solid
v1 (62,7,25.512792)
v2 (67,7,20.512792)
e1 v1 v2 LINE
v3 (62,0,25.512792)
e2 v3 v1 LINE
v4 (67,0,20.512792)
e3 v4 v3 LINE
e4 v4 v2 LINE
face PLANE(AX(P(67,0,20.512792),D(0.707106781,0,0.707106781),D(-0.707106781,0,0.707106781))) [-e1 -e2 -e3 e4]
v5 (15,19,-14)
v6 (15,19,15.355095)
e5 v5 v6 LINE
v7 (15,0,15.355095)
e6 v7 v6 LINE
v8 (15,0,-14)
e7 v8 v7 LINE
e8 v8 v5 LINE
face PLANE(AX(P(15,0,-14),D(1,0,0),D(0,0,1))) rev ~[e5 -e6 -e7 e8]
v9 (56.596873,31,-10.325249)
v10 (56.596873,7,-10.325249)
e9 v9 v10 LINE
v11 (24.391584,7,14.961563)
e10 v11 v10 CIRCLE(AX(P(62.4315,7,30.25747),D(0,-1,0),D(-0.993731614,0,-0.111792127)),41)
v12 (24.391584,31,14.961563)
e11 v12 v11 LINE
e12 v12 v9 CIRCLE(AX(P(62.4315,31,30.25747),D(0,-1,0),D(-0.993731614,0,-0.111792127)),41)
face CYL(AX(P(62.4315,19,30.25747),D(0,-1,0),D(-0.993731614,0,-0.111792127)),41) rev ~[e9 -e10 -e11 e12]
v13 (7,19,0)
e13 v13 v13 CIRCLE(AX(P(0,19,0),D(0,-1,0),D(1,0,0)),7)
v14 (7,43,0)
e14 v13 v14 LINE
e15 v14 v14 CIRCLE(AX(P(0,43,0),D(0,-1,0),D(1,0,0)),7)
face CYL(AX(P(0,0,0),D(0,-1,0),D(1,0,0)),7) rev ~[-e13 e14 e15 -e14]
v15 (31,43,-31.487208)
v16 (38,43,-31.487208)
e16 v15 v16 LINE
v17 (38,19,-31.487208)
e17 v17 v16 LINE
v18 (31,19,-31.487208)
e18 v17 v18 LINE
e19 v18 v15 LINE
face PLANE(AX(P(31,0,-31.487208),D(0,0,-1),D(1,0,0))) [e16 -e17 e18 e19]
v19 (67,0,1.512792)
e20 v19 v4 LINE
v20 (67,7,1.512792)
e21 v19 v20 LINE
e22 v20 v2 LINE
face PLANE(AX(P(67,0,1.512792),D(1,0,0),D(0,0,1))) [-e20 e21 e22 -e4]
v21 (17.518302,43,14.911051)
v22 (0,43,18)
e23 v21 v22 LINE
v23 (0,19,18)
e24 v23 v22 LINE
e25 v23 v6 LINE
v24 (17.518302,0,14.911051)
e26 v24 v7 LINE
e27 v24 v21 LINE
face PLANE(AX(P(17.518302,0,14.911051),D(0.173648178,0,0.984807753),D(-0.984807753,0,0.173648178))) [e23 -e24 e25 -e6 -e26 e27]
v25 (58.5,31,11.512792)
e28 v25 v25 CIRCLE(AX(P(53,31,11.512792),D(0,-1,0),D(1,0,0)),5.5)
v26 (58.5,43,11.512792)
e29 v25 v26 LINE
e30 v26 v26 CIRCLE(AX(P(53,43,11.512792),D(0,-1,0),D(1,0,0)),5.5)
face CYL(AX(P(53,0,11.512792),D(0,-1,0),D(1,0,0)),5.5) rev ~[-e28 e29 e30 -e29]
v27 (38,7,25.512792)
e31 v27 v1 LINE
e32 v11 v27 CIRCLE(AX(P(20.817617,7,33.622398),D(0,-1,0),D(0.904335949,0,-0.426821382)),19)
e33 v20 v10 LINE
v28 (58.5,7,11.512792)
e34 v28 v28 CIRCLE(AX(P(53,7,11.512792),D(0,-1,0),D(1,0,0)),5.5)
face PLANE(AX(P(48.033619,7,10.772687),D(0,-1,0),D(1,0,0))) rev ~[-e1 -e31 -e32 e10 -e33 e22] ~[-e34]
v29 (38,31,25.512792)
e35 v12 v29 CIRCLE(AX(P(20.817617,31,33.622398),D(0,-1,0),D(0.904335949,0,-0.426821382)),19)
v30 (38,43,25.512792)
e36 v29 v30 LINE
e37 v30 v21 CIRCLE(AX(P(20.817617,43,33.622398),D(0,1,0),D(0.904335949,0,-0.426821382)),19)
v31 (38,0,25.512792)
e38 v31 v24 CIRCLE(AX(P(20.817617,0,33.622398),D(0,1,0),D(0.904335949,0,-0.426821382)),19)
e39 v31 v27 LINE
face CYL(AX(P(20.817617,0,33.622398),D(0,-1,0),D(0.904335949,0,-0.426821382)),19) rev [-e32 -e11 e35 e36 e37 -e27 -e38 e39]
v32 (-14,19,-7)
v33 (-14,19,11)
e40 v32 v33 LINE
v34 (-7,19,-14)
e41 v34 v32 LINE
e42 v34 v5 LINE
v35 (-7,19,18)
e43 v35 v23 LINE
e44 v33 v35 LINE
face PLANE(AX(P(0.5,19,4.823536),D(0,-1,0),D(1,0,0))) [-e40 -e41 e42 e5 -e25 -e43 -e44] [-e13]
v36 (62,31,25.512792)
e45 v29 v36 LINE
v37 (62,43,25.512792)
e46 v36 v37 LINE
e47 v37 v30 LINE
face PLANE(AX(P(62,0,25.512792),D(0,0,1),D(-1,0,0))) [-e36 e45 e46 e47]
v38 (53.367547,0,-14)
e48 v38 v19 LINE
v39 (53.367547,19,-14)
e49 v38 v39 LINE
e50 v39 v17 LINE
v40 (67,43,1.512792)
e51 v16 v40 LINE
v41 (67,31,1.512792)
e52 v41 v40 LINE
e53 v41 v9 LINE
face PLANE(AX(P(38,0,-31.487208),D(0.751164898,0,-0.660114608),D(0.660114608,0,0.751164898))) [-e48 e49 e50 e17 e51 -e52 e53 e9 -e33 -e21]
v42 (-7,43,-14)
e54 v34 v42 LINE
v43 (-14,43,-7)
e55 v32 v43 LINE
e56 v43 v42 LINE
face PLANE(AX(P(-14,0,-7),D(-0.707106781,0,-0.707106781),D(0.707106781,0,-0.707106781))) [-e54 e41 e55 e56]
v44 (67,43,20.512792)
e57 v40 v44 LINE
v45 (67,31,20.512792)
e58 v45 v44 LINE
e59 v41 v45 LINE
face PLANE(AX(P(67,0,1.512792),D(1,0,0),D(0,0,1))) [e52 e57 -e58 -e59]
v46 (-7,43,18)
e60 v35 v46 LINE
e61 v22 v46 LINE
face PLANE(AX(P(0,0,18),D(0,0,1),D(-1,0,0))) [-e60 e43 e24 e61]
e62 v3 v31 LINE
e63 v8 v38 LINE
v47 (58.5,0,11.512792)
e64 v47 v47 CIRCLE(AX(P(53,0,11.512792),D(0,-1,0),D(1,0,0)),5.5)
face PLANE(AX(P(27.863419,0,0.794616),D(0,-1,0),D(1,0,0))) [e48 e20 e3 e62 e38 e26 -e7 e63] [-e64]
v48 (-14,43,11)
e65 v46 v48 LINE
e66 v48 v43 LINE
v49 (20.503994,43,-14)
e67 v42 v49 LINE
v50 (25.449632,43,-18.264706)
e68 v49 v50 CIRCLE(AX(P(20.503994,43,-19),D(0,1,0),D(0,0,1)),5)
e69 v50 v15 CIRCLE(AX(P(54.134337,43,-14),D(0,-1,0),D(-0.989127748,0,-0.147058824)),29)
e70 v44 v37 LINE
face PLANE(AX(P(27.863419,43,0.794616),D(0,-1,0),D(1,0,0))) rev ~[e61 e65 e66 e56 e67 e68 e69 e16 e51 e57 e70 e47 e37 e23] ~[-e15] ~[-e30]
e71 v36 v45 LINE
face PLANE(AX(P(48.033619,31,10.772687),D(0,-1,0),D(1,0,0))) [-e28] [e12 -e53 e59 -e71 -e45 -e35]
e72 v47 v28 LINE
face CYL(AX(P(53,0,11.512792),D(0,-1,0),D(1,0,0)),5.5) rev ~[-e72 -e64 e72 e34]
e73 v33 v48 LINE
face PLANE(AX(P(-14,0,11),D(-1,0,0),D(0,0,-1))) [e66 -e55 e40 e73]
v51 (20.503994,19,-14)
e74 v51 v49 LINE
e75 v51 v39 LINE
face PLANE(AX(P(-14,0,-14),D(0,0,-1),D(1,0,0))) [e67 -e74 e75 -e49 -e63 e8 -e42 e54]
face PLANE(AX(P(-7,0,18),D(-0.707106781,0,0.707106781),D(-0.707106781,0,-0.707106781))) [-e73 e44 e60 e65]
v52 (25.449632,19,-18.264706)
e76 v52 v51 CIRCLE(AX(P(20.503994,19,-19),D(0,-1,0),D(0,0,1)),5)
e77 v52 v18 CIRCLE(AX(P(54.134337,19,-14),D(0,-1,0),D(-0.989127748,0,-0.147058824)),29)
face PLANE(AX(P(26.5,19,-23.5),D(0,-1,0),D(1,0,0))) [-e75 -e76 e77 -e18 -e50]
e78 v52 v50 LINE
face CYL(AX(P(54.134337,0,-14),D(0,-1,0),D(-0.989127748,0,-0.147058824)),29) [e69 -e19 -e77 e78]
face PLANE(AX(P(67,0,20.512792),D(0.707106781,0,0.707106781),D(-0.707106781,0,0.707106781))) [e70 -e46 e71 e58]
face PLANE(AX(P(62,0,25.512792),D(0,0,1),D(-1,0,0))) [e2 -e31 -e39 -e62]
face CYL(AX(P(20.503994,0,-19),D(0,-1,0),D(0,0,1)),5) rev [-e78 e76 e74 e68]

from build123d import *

# Parameters (mm, degrees)
F0_R      = 7
F1_DEPTH  = 43
F2_W      = 81
F2_H      = 19
F3_DEPTH  = 19
F4_W      = 29
F4_H      = 37.6470717937
F5_DEPTH  = 19
F6_R      = 5.5
F7_DEPTH  = 43.001
F10_DEPTH = 12


with BuildPart() as f1:
    # F0 (on Front) → F1 (new body)
    with BuildSketch(Plane.XZ):
        with BuildLine():
            Line((17.5183015976, 14.9110507722), (0, 18))
            Line((0, 18), (-7, 18))
            Line((-7, 18), (-14, 11))
            Line((-14, 11), (-14, -7))
            Line((-14, -7), (-7, -14))
            Line((-7, -14), (20.5039936013, -14))
            ThreePointArc((20.5039936013, -14), (23.7692293823, -15.2134137678), (25.4496323427, -18.2647058824))
            ThreePointArc((25.4496323427, -18.2647058824), (27.3946303601, -25.2244414792), (31, -31.4872081702))
            Line((31, -31.4872081702), (38, -31.4872081702))
            Line((38, -31.4872081702), (67, 1.5127918298))
            Line((67, 1.5127918298), (67, 20.5127918298))
            Line((67, 20.5127918298), (62, 25.5127918298))
            Line((62, 25.5127918298), (38, 25.5127918298))
            ThreePointArc((38, 25.5127918298), (29.5516950708, 16.748872076), (17.5183015976, 14.9110507722))
        make_face()
        Circle(F0_R, mode=Mode.SUBTRACT)
    extrude(amount=-F1_DEPTH)

    # F2 (on face) → F3 (cut)
    with BuildSketch(Plane.XZ):
        with Locations((26.5, -23.5)):
            Rectangle(F2_W, F2_H)
    extrude(amount=-F3_DEPTH, mode=Mode.SUBTRACT)

    # F4 (on face) → F5 (cut)
    with BuildSketch(Plane.XZ):
        with Locations((0.5, 4.8235358968)):
            Rectangle(F4_W, F4_H)
    extrude(amount=-F5_DEPTH, mode=Mode.SUBTRACT)

    # F6 (on face) → F7 (cut, through all)
    with BuildSketch(Plane.XZ):
        with Locations((53, 11.5127918298)):
            Circle(F6_R)
    extrude(amount=-F7_DEPTH, mode=Mode.SUBTRACT)

    # F9 (on offset) → F10 (cut, symmetric)
    with BuildSketch(Plane.XZ.offset(-19)):
        with BuildLine():
            ThreePointArc((21.6885041445, 25.6739929318), (36.8569687391, -1.7884864667), (67, -10.4872081702))
            Line((67, -10.4872081702), (67, 25.5127918298))
            Line((67, 25.5127918298), (21.6885041445, 25.6739929318))
        make_face()
    extrude(amount=F10_DEPTH, both=True, mode=Mode.SUBTRACT)


solid = f1.part
